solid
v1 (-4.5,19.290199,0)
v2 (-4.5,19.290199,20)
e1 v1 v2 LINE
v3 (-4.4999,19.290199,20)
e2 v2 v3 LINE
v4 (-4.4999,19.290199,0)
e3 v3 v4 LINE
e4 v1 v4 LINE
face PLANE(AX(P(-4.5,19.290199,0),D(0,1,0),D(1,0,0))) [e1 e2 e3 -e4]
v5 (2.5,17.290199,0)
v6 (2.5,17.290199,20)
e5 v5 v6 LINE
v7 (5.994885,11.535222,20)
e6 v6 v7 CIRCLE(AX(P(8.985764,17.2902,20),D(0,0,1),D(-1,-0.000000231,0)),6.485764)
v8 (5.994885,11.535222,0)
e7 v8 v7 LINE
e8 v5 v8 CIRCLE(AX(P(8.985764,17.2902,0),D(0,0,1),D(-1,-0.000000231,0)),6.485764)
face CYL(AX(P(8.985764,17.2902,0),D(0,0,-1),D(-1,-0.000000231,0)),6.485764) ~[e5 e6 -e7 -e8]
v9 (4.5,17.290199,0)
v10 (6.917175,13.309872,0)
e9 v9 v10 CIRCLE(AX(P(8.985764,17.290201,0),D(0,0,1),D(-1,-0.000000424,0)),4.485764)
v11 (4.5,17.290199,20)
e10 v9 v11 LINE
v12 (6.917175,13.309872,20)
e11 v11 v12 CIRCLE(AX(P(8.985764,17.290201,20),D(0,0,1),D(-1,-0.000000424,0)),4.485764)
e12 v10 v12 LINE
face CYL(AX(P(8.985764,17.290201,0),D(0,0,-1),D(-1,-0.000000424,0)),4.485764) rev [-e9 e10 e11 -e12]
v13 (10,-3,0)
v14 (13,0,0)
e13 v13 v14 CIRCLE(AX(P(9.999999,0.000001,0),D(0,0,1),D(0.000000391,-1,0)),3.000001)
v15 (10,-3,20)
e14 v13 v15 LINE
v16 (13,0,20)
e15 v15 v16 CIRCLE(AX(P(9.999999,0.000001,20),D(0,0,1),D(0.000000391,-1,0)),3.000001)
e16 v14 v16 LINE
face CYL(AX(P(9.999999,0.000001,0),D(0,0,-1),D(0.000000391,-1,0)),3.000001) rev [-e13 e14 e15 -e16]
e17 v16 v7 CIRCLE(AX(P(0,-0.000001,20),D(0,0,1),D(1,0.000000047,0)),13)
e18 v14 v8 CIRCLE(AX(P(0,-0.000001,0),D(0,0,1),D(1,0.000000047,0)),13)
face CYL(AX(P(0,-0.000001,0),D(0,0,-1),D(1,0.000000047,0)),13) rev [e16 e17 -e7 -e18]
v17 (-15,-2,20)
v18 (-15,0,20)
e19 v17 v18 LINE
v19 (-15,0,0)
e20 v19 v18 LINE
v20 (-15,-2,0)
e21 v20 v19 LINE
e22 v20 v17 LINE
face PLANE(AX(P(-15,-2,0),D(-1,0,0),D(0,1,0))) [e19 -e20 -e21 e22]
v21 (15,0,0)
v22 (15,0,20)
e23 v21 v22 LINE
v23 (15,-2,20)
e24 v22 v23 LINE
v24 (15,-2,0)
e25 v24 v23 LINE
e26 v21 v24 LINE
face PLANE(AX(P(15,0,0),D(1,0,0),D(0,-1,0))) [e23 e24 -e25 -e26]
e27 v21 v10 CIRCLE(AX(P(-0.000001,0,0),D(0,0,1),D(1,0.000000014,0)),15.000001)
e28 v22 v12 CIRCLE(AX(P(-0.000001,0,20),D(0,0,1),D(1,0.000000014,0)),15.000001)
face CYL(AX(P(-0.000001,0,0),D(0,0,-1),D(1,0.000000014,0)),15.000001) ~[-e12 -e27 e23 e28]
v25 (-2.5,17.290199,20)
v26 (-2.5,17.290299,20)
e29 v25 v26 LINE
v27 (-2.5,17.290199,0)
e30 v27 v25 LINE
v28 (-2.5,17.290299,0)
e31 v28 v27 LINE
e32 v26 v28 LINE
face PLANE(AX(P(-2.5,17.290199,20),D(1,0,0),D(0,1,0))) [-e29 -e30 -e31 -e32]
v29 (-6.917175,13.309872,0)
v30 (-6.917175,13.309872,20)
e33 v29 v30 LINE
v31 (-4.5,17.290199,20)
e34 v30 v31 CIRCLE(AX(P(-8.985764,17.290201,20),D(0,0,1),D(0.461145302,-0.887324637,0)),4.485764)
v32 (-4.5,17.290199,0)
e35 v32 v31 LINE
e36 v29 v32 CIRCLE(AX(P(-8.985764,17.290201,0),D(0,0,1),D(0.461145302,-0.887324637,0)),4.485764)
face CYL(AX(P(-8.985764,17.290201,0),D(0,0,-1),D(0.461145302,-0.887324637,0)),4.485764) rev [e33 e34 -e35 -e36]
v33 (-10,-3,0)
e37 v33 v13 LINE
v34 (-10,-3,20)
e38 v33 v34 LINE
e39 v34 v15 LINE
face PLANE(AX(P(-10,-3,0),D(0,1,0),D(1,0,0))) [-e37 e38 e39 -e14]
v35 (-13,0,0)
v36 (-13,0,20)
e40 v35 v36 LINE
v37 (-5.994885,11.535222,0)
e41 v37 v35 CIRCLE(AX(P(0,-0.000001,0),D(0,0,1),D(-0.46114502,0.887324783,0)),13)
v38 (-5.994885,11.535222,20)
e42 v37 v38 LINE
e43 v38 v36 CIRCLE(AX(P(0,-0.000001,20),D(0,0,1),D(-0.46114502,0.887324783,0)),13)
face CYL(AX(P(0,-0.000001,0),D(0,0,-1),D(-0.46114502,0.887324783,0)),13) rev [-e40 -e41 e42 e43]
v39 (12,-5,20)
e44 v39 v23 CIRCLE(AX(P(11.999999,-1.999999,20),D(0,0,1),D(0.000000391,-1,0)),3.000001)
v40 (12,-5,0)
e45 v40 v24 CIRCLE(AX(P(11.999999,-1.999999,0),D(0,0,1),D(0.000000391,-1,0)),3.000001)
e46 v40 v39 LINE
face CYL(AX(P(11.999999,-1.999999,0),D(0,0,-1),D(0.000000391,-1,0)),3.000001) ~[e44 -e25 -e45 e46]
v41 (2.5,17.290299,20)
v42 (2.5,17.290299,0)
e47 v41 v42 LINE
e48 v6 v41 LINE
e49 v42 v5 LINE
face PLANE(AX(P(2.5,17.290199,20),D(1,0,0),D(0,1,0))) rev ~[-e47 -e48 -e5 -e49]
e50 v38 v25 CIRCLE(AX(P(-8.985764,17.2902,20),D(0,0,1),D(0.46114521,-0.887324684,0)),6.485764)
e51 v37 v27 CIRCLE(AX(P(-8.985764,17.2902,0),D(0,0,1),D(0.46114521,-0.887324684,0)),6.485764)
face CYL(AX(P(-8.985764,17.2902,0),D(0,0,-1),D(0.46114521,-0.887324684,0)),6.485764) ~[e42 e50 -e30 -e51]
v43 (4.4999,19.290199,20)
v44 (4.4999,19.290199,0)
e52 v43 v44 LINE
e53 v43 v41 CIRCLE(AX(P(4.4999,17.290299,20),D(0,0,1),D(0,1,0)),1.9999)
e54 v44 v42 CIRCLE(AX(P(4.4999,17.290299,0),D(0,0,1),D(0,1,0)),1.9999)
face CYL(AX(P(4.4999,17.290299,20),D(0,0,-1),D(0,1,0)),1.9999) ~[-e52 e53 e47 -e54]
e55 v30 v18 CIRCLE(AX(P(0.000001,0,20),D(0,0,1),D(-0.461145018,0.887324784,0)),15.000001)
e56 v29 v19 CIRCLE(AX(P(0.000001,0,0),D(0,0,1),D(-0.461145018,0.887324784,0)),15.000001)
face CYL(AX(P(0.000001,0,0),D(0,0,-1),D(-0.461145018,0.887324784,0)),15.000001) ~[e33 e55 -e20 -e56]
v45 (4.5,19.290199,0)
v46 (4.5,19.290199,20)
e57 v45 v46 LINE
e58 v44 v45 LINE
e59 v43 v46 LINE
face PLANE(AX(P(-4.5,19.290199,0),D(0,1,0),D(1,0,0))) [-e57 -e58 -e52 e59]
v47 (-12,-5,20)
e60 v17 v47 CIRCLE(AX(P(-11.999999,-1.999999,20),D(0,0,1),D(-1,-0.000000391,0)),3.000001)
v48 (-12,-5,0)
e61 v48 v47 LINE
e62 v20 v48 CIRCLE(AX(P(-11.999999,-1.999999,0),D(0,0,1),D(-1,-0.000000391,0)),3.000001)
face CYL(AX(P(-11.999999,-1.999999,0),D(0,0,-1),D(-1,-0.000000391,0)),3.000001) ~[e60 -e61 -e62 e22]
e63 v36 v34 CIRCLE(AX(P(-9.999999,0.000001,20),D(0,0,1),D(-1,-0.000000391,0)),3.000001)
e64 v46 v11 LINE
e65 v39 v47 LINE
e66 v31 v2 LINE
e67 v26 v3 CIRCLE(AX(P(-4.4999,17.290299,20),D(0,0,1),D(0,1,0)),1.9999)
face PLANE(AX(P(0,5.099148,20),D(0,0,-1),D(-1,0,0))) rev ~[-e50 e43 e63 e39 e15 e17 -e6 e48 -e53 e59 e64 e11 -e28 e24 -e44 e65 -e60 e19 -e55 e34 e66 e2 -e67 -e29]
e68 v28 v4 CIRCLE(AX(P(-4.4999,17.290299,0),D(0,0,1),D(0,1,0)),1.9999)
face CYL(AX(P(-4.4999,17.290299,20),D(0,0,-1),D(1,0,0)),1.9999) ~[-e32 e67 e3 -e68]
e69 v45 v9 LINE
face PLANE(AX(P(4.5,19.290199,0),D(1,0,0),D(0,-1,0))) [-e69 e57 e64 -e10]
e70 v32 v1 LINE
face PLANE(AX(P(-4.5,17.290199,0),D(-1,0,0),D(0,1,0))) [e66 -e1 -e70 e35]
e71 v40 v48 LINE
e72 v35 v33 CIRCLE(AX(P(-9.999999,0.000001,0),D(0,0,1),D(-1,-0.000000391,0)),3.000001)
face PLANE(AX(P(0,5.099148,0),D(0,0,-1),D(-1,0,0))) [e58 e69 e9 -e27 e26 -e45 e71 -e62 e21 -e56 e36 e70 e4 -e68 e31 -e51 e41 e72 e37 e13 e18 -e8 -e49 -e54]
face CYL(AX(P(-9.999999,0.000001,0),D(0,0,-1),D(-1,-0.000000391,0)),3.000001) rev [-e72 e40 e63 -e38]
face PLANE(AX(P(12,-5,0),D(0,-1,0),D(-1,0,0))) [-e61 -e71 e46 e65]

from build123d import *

# Parameters (mm, degrees)
PAD_DEPTH    = 20
SKETCH001_W  = 5
SKETCH001_H  = 2
POCKET_DEPTH = 20.001
FILLET_R     = 1.9999


with BuildPart() as part:
    # Sketch → Pad (new body)
    with BuildSketch(Plane.XY):
        with BuildLine():
            Line((15, 0), (15, -2))
            ThreePointArc((12, -5), (14.12132, -4.12132), (15, -2))
            Line((12, -5), (-12, -5))
            ThreePointArc((-15, -2), (-14.12132, -4.12132), (-12, -5))
            Line((-15, -2), (-15, 0))
            ThreePointArc((-6.917175, 13.309872), (-12.82103, 7.785961), (-15, 0))
            ThreePointArc((-6.917175, 13.309872), (-5.151623, 14.961802), (-4.5, 17.290199))
            Line((-4.5, 17.290199), (-4.5, 19.290199))
            Line((-4.5, 19.290199), (4.5, 19.290199))
            Line((4.5, 19.290199), (4.5, 17.290199))
            ThreePointArc((4.5, 17.290199), (5.151623, 14.961802), (6.917175, 13.309872))
            ThreePointArc((15, 0), (12.82103, 7.785961), (6.917175, 13.309872))
        make_face()
        with BuildLine():
            Line((-10, -3), (10, -3))
            ThreePointArc((10, -3), (12.12132, -2.12132), (13, 0))
            ThreePointArc((13, 0), (11.111559, 6.747833), (5.994885, 11.535222))
            ThreePointArc((2.5, 17.290199), (3.442152, 13.923674), (5.994885, 11.535222))
            Line((-2.5, 17.290199), (2.5, 17.290199))
            ThreePointArc((-5.994885, 11.535222), (-3.442152, 13.923674), (-2.5, 17.290199))
            ThreePointArc((-5.994885, 11.535222), (-11.111559, 6.747833), (-13, 0))
            ThreePointArc((-13, 0), (-12.12132, -2.12132), (-10, -3))
        make_face(mode=Mode.SUBTRACT)
    extrude(amount=PAD_DEPTH)

    # Sketch001 (on Face22 of Pad) → Pocket (cut, through all)
    with BuildSketch(Plane.XY.offset(20)):
        with Locations((0, 18.290199)):
            Rectangle(SKETCH001_W, SKETCH001_H)
    extrude(amount=-POCKET_DEPTH, mode=Mode.SUBTRACT)

    # Fillet
    fillet_edges = [part.edges().sort_by_distance(p)[0] for p in [
        (-2.5, 19.290199, 10),
        (2.5, 19.290199, 10),
    ]]
    fillet(fillet_edges, radius=FILLET_R)


solid = part.part
